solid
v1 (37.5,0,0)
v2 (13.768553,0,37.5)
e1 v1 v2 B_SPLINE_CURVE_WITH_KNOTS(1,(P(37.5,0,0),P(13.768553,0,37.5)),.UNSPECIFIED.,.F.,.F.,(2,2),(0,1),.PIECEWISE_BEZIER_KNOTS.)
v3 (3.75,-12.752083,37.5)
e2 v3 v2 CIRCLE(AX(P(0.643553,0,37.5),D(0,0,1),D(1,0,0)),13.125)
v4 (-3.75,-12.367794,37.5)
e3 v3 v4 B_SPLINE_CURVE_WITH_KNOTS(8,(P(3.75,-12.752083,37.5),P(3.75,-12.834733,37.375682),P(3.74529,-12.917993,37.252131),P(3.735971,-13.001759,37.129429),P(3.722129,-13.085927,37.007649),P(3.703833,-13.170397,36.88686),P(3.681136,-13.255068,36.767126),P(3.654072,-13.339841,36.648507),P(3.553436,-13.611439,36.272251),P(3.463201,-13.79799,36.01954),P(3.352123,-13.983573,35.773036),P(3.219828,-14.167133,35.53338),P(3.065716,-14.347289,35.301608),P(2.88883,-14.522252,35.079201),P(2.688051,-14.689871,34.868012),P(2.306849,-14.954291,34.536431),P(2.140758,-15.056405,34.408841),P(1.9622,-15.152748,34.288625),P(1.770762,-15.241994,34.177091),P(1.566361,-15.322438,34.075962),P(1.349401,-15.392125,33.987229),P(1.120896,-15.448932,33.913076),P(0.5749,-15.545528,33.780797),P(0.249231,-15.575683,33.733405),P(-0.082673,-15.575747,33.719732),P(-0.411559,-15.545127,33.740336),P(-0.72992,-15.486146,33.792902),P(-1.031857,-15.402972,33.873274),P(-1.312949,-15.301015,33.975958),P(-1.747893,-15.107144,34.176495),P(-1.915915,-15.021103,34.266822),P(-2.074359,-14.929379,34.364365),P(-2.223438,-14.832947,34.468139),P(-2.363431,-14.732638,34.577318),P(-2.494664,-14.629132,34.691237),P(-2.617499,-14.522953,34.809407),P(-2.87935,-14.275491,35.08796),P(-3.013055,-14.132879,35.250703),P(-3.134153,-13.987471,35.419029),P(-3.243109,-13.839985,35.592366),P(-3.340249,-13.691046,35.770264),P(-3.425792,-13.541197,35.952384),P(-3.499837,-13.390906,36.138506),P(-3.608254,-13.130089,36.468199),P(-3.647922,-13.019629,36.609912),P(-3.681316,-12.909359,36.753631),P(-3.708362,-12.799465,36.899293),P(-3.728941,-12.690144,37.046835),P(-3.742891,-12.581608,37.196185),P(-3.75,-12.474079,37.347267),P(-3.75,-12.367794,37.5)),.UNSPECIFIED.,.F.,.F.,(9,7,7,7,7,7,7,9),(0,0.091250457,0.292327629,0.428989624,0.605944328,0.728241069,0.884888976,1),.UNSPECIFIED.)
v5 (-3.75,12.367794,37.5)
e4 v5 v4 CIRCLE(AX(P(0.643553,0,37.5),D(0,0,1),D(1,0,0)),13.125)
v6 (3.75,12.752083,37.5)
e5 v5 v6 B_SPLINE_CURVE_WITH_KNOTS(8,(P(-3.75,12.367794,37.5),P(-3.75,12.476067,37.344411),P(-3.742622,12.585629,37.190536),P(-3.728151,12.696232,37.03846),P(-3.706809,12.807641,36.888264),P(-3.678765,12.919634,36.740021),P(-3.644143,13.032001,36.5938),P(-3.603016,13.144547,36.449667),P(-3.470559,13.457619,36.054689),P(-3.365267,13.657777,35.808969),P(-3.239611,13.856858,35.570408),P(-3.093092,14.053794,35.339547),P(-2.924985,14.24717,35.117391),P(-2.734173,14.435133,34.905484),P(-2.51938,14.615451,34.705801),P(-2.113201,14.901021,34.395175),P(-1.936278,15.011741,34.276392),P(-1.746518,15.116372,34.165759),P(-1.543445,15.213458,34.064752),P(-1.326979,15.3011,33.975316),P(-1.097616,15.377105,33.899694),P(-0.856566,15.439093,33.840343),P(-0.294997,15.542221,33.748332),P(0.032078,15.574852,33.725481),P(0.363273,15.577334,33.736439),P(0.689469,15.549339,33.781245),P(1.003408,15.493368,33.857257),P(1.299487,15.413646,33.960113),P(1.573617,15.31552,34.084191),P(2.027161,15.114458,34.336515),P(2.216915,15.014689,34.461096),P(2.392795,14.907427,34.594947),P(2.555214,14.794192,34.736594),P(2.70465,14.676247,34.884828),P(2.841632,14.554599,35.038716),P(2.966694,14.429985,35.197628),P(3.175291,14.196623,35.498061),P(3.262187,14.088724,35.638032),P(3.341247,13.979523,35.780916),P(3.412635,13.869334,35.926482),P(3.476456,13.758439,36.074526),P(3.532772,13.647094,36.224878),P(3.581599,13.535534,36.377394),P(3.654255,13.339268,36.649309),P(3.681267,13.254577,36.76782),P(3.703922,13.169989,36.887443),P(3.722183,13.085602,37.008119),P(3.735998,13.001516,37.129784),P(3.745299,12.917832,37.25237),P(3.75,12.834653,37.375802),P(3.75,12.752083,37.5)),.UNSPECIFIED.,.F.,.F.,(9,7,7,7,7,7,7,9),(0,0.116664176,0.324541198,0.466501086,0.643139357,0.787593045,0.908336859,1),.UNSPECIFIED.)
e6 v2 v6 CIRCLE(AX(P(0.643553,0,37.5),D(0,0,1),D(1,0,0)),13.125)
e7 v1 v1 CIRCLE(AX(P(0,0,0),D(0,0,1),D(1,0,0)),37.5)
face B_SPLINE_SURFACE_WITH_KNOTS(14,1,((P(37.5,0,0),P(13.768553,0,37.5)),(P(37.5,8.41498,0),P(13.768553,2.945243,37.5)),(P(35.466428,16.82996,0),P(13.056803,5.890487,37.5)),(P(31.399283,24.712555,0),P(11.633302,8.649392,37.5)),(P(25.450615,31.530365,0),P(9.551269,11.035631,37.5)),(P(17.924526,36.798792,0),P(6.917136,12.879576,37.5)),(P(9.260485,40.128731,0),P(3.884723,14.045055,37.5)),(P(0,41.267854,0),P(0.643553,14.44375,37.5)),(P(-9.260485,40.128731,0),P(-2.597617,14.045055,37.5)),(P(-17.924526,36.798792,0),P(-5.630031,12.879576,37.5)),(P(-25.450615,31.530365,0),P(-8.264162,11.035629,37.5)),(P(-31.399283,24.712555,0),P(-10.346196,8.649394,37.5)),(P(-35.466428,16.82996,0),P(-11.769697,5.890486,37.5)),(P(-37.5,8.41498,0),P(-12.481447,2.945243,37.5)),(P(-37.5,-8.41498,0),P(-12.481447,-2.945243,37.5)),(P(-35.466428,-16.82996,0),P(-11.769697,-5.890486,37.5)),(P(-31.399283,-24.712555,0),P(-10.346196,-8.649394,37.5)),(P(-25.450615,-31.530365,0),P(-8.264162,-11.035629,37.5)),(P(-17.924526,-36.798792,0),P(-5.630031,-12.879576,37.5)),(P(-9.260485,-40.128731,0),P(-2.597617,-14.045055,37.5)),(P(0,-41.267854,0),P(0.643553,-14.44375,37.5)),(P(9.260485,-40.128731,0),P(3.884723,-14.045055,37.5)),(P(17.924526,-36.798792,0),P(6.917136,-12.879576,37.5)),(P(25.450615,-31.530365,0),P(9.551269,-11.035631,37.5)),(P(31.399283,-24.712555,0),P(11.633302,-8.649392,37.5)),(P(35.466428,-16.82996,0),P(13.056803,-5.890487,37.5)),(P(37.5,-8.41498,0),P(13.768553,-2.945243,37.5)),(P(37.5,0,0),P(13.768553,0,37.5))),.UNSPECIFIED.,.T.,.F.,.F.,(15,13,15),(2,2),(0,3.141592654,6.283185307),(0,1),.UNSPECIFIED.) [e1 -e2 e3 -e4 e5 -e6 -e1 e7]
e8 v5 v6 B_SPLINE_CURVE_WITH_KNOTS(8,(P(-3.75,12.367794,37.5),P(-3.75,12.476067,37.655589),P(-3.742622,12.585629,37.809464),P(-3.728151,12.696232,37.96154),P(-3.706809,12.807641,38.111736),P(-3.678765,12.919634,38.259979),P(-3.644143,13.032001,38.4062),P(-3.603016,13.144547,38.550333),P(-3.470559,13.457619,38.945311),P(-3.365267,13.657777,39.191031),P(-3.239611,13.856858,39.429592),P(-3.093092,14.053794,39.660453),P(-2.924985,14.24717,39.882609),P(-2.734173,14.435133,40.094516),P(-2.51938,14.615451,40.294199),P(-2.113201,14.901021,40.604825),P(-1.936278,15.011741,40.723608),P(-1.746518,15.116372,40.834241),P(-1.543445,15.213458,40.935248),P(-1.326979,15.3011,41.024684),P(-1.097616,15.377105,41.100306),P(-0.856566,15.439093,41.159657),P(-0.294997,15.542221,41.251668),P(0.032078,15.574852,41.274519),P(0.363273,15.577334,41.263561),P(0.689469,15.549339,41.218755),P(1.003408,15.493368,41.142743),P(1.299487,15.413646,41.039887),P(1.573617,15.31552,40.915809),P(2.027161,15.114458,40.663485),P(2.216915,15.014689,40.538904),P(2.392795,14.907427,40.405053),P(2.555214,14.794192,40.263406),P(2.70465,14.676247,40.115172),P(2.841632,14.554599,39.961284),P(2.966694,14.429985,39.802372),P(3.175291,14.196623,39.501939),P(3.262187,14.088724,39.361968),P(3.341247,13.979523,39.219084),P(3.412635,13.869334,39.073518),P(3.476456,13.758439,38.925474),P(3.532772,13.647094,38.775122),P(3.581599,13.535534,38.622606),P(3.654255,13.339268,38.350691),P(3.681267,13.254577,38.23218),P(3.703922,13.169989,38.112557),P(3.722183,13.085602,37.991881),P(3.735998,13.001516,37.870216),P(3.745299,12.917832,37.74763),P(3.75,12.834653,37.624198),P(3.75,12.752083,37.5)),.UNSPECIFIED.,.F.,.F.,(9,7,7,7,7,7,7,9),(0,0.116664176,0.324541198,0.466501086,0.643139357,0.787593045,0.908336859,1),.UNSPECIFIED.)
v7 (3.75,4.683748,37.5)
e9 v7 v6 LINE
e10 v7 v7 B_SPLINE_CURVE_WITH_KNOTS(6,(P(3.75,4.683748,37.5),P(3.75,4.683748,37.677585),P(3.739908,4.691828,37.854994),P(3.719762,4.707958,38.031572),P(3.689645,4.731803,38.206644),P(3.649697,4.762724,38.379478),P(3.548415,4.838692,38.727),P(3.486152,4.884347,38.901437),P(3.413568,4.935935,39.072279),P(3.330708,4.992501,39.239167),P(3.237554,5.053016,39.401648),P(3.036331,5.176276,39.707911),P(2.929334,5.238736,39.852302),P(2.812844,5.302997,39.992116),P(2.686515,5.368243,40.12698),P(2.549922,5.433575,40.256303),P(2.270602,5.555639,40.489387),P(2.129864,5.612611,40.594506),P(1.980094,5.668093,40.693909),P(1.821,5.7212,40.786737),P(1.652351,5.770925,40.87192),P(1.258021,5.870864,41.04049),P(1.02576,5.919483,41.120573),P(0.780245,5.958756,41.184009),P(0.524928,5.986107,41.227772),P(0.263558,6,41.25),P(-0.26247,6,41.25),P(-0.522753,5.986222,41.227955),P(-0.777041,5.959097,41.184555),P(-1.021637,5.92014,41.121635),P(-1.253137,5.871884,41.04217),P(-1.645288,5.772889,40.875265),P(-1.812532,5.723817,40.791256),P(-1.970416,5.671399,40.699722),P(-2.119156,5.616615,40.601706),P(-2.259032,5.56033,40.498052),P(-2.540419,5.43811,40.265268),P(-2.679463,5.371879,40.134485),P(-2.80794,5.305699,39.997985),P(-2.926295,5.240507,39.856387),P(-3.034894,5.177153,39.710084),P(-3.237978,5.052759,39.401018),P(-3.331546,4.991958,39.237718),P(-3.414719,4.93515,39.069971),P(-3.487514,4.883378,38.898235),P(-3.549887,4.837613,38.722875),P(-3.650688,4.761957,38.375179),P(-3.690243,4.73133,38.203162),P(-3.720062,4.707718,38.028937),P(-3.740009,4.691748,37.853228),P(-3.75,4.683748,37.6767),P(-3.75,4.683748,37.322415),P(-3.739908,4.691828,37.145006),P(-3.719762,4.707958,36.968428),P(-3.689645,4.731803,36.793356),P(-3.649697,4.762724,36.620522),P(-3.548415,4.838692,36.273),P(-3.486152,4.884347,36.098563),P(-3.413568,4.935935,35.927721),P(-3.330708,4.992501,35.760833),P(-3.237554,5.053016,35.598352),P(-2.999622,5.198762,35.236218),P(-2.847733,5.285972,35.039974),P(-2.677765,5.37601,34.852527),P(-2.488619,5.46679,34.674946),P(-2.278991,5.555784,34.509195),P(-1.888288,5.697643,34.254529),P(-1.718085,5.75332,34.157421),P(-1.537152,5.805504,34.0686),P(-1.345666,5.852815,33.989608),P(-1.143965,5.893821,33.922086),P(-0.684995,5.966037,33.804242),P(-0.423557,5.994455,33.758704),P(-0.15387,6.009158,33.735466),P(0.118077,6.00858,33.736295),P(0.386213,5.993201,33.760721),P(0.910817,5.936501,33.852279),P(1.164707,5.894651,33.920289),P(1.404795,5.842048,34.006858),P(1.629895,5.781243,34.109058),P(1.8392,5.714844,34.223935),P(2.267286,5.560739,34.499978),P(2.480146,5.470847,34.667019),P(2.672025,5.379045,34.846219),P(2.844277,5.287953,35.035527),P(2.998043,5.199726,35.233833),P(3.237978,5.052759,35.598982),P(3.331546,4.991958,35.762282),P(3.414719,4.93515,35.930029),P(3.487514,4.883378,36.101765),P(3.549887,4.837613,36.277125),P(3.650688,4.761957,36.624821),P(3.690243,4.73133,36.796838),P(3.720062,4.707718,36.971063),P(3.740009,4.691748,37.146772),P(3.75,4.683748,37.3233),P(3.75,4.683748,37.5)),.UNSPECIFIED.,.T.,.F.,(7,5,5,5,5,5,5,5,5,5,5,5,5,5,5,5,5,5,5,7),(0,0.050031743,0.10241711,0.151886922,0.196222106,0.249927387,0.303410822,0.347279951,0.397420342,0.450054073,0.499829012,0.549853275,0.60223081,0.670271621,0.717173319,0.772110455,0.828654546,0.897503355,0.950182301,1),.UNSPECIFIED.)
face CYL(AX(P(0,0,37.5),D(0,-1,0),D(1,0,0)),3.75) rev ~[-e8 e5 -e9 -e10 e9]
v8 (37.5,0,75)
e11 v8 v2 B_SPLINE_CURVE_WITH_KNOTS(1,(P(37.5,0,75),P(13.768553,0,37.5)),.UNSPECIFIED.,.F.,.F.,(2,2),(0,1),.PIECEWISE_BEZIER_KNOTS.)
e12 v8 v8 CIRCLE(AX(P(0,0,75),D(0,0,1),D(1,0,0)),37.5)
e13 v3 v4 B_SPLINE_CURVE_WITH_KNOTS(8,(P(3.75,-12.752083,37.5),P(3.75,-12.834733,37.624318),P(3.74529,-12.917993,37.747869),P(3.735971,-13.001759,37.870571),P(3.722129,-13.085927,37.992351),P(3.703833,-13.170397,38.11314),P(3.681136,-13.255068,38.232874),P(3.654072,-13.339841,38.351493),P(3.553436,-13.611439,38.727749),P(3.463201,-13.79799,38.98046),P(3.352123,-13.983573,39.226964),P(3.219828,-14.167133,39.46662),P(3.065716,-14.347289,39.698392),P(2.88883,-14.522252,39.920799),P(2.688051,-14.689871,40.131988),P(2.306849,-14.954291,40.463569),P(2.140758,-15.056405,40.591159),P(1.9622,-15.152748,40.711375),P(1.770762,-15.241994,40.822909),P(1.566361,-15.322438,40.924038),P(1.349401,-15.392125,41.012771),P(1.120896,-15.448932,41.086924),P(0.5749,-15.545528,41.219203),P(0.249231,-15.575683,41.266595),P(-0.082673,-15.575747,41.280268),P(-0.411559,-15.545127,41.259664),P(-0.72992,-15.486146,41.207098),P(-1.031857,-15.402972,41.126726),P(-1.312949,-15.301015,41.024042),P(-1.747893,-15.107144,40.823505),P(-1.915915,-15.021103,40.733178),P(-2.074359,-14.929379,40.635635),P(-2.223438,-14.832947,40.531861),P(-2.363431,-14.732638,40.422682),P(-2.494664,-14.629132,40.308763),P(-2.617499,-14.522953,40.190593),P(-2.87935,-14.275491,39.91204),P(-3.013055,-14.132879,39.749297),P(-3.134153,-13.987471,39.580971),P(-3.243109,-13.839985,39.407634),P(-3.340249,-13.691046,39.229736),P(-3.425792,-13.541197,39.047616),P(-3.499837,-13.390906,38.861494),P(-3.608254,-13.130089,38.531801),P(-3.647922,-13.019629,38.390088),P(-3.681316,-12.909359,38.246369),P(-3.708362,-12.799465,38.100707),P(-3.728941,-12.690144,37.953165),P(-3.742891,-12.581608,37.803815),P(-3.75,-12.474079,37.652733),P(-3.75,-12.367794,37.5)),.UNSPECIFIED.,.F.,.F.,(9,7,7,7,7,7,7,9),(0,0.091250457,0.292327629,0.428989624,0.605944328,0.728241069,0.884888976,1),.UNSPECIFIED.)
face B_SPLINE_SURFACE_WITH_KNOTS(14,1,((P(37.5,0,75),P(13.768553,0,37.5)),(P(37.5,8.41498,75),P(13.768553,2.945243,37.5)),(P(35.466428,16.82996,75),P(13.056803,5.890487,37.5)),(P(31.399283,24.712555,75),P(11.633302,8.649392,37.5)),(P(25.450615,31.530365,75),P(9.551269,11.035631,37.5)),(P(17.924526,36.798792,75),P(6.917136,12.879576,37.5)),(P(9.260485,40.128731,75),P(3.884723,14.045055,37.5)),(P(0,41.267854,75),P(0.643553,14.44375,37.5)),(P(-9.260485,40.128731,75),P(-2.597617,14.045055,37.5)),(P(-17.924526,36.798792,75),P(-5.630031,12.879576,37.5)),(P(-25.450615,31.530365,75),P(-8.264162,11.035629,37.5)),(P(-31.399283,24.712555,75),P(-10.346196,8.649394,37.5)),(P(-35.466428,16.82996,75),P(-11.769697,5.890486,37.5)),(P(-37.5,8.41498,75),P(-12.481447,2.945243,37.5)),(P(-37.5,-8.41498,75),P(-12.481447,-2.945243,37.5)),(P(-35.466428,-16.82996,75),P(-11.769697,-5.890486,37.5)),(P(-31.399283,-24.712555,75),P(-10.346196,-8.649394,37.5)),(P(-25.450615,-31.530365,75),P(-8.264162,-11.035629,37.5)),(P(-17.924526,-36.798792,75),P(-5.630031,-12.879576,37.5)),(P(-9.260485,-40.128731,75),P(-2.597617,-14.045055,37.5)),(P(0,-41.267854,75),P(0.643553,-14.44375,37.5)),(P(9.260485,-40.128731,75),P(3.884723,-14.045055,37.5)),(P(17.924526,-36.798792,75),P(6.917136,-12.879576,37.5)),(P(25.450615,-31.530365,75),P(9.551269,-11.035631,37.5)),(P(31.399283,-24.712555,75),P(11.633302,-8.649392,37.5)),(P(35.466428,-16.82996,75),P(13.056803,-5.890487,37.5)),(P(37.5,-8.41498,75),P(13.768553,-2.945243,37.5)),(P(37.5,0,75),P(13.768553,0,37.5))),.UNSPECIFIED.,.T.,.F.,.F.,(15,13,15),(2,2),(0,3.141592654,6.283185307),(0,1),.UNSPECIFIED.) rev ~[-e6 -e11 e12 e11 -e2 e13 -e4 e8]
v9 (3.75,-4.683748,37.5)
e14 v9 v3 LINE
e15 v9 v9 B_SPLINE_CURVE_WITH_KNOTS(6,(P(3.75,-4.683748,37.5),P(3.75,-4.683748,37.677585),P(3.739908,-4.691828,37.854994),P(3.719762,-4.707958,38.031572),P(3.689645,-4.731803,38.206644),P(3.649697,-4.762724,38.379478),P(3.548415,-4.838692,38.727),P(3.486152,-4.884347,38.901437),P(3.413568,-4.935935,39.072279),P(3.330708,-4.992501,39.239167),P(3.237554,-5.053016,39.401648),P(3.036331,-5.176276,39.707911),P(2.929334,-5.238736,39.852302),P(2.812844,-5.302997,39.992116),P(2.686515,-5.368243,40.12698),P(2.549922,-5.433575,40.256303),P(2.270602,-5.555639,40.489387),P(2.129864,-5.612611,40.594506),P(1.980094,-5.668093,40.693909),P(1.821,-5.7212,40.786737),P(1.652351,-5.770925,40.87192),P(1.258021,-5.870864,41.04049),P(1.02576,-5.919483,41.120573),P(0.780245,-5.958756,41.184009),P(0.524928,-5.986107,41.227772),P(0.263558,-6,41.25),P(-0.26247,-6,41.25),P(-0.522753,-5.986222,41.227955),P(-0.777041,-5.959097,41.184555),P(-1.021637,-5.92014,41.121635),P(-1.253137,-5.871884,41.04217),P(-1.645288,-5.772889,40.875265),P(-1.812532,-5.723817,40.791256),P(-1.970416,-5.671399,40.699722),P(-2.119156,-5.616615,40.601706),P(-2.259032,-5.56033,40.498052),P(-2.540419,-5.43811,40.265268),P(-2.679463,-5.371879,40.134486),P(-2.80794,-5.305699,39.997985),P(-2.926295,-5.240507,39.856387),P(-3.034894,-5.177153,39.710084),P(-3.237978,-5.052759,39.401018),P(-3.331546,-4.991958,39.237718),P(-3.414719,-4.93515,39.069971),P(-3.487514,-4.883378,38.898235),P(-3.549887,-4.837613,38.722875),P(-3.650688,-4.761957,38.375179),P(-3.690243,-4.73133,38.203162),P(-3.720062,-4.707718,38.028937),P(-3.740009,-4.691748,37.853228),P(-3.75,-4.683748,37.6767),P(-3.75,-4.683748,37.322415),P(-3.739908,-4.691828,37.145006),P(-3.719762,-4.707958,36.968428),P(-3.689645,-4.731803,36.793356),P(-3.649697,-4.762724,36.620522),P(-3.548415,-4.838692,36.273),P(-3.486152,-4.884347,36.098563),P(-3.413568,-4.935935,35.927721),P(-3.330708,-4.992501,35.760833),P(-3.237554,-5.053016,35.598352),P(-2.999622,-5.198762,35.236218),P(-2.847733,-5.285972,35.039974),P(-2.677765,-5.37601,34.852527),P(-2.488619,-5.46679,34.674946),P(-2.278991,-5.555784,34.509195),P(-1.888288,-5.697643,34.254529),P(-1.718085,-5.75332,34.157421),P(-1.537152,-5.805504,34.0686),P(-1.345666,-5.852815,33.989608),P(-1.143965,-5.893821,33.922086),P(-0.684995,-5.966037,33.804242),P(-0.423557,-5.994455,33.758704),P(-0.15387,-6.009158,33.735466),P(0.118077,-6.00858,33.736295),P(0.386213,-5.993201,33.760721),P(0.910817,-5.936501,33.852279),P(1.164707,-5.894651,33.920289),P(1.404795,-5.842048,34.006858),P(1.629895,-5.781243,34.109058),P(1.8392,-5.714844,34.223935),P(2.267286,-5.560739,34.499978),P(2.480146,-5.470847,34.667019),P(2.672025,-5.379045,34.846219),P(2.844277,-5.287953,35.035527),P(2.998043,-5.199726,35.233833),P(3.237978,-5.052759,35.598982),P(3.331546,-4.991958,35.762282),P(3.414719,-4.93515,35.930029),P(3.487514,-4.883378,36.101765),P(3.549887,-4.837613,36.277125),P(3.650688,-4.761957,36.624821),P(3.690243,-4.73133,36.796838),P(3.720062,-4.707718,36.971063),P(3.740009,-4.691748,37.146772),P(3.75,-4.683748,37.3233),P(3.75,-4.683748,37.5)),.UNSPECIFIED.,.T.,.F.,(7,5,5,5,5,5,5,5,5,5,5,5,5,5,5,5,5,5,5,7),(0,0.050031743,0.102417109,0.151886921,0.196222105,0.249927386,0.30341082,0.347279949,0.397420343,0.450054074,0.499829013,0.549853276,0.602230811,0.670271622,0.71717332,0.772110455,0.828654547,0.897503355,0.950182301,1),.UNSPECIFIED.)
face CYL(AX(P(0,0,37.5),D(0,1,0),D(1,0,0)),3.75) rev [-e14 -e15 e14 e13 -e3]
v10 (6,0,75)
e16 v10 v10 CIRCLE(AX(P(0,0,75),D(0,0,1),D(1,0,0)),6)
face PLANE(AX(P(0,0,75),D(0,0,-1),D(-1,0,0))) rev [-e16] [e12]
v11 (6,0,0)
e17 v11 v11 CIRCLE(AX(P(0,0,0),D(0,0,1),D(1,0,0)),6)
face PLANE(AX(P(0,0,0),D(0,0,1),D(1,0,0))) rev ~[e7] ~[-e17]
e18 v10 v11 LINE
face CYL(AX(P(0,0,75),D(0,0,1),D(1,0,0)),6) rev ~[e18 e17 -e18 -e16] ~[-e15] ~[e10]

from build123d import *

# Parameters (mm, degrees)
F0_R     = 37.5
F2_R     = 13.125
F5_R     = 6
F6_DEPTH = 75.001
F7_R     = 3.75
F8_DEPTH = 37.501
F9_DEPTH = 37.501


with BuildPart() as f3:
    # F0 (on Top) → F3 section 0
    with BuildSketch(Plane.XY):
        Circle(F0_R)
    # F2 (on offset) → F3 section 1
    with BuildSketch(Plane.XY.offset(37.5)):
        with Locations((0.643553, 0)):
            Circle(F2_R)
    loft()

    # F4: F3 across plane


with BuildPart() as f3_1:
    add(f3.part)
    add(f3.part.mirror(Plane.XY.offset(37.5)))

    # F5 (on face) → F6 (cut, through all)
    with BuildSketch(Plane.XY.offset(75)):
        Circle(F5_R)
    extrude(amount=-F6_DEPTH, mode=Mode.SUBTRACT)

    # F7 (on Front) → F8 (cut, through all)
    with BuildSketch(Plane.XZ):
        with Locations((0, 37.5)):
            Circle(F7_R)
    extrude(amount=-F8_DEPTH, mode=Mode.SUBTRACT)

    # F7 (on Front) → F9 (cut, through all)
    with BuildSketch(Plane.XZ):
        with Locations((0, 37.5)):
            Circle(F7_R)
    extrude(amount=F9_DEPTH, mode=Mode.SUBTRACT)


solid = f3_1.part
